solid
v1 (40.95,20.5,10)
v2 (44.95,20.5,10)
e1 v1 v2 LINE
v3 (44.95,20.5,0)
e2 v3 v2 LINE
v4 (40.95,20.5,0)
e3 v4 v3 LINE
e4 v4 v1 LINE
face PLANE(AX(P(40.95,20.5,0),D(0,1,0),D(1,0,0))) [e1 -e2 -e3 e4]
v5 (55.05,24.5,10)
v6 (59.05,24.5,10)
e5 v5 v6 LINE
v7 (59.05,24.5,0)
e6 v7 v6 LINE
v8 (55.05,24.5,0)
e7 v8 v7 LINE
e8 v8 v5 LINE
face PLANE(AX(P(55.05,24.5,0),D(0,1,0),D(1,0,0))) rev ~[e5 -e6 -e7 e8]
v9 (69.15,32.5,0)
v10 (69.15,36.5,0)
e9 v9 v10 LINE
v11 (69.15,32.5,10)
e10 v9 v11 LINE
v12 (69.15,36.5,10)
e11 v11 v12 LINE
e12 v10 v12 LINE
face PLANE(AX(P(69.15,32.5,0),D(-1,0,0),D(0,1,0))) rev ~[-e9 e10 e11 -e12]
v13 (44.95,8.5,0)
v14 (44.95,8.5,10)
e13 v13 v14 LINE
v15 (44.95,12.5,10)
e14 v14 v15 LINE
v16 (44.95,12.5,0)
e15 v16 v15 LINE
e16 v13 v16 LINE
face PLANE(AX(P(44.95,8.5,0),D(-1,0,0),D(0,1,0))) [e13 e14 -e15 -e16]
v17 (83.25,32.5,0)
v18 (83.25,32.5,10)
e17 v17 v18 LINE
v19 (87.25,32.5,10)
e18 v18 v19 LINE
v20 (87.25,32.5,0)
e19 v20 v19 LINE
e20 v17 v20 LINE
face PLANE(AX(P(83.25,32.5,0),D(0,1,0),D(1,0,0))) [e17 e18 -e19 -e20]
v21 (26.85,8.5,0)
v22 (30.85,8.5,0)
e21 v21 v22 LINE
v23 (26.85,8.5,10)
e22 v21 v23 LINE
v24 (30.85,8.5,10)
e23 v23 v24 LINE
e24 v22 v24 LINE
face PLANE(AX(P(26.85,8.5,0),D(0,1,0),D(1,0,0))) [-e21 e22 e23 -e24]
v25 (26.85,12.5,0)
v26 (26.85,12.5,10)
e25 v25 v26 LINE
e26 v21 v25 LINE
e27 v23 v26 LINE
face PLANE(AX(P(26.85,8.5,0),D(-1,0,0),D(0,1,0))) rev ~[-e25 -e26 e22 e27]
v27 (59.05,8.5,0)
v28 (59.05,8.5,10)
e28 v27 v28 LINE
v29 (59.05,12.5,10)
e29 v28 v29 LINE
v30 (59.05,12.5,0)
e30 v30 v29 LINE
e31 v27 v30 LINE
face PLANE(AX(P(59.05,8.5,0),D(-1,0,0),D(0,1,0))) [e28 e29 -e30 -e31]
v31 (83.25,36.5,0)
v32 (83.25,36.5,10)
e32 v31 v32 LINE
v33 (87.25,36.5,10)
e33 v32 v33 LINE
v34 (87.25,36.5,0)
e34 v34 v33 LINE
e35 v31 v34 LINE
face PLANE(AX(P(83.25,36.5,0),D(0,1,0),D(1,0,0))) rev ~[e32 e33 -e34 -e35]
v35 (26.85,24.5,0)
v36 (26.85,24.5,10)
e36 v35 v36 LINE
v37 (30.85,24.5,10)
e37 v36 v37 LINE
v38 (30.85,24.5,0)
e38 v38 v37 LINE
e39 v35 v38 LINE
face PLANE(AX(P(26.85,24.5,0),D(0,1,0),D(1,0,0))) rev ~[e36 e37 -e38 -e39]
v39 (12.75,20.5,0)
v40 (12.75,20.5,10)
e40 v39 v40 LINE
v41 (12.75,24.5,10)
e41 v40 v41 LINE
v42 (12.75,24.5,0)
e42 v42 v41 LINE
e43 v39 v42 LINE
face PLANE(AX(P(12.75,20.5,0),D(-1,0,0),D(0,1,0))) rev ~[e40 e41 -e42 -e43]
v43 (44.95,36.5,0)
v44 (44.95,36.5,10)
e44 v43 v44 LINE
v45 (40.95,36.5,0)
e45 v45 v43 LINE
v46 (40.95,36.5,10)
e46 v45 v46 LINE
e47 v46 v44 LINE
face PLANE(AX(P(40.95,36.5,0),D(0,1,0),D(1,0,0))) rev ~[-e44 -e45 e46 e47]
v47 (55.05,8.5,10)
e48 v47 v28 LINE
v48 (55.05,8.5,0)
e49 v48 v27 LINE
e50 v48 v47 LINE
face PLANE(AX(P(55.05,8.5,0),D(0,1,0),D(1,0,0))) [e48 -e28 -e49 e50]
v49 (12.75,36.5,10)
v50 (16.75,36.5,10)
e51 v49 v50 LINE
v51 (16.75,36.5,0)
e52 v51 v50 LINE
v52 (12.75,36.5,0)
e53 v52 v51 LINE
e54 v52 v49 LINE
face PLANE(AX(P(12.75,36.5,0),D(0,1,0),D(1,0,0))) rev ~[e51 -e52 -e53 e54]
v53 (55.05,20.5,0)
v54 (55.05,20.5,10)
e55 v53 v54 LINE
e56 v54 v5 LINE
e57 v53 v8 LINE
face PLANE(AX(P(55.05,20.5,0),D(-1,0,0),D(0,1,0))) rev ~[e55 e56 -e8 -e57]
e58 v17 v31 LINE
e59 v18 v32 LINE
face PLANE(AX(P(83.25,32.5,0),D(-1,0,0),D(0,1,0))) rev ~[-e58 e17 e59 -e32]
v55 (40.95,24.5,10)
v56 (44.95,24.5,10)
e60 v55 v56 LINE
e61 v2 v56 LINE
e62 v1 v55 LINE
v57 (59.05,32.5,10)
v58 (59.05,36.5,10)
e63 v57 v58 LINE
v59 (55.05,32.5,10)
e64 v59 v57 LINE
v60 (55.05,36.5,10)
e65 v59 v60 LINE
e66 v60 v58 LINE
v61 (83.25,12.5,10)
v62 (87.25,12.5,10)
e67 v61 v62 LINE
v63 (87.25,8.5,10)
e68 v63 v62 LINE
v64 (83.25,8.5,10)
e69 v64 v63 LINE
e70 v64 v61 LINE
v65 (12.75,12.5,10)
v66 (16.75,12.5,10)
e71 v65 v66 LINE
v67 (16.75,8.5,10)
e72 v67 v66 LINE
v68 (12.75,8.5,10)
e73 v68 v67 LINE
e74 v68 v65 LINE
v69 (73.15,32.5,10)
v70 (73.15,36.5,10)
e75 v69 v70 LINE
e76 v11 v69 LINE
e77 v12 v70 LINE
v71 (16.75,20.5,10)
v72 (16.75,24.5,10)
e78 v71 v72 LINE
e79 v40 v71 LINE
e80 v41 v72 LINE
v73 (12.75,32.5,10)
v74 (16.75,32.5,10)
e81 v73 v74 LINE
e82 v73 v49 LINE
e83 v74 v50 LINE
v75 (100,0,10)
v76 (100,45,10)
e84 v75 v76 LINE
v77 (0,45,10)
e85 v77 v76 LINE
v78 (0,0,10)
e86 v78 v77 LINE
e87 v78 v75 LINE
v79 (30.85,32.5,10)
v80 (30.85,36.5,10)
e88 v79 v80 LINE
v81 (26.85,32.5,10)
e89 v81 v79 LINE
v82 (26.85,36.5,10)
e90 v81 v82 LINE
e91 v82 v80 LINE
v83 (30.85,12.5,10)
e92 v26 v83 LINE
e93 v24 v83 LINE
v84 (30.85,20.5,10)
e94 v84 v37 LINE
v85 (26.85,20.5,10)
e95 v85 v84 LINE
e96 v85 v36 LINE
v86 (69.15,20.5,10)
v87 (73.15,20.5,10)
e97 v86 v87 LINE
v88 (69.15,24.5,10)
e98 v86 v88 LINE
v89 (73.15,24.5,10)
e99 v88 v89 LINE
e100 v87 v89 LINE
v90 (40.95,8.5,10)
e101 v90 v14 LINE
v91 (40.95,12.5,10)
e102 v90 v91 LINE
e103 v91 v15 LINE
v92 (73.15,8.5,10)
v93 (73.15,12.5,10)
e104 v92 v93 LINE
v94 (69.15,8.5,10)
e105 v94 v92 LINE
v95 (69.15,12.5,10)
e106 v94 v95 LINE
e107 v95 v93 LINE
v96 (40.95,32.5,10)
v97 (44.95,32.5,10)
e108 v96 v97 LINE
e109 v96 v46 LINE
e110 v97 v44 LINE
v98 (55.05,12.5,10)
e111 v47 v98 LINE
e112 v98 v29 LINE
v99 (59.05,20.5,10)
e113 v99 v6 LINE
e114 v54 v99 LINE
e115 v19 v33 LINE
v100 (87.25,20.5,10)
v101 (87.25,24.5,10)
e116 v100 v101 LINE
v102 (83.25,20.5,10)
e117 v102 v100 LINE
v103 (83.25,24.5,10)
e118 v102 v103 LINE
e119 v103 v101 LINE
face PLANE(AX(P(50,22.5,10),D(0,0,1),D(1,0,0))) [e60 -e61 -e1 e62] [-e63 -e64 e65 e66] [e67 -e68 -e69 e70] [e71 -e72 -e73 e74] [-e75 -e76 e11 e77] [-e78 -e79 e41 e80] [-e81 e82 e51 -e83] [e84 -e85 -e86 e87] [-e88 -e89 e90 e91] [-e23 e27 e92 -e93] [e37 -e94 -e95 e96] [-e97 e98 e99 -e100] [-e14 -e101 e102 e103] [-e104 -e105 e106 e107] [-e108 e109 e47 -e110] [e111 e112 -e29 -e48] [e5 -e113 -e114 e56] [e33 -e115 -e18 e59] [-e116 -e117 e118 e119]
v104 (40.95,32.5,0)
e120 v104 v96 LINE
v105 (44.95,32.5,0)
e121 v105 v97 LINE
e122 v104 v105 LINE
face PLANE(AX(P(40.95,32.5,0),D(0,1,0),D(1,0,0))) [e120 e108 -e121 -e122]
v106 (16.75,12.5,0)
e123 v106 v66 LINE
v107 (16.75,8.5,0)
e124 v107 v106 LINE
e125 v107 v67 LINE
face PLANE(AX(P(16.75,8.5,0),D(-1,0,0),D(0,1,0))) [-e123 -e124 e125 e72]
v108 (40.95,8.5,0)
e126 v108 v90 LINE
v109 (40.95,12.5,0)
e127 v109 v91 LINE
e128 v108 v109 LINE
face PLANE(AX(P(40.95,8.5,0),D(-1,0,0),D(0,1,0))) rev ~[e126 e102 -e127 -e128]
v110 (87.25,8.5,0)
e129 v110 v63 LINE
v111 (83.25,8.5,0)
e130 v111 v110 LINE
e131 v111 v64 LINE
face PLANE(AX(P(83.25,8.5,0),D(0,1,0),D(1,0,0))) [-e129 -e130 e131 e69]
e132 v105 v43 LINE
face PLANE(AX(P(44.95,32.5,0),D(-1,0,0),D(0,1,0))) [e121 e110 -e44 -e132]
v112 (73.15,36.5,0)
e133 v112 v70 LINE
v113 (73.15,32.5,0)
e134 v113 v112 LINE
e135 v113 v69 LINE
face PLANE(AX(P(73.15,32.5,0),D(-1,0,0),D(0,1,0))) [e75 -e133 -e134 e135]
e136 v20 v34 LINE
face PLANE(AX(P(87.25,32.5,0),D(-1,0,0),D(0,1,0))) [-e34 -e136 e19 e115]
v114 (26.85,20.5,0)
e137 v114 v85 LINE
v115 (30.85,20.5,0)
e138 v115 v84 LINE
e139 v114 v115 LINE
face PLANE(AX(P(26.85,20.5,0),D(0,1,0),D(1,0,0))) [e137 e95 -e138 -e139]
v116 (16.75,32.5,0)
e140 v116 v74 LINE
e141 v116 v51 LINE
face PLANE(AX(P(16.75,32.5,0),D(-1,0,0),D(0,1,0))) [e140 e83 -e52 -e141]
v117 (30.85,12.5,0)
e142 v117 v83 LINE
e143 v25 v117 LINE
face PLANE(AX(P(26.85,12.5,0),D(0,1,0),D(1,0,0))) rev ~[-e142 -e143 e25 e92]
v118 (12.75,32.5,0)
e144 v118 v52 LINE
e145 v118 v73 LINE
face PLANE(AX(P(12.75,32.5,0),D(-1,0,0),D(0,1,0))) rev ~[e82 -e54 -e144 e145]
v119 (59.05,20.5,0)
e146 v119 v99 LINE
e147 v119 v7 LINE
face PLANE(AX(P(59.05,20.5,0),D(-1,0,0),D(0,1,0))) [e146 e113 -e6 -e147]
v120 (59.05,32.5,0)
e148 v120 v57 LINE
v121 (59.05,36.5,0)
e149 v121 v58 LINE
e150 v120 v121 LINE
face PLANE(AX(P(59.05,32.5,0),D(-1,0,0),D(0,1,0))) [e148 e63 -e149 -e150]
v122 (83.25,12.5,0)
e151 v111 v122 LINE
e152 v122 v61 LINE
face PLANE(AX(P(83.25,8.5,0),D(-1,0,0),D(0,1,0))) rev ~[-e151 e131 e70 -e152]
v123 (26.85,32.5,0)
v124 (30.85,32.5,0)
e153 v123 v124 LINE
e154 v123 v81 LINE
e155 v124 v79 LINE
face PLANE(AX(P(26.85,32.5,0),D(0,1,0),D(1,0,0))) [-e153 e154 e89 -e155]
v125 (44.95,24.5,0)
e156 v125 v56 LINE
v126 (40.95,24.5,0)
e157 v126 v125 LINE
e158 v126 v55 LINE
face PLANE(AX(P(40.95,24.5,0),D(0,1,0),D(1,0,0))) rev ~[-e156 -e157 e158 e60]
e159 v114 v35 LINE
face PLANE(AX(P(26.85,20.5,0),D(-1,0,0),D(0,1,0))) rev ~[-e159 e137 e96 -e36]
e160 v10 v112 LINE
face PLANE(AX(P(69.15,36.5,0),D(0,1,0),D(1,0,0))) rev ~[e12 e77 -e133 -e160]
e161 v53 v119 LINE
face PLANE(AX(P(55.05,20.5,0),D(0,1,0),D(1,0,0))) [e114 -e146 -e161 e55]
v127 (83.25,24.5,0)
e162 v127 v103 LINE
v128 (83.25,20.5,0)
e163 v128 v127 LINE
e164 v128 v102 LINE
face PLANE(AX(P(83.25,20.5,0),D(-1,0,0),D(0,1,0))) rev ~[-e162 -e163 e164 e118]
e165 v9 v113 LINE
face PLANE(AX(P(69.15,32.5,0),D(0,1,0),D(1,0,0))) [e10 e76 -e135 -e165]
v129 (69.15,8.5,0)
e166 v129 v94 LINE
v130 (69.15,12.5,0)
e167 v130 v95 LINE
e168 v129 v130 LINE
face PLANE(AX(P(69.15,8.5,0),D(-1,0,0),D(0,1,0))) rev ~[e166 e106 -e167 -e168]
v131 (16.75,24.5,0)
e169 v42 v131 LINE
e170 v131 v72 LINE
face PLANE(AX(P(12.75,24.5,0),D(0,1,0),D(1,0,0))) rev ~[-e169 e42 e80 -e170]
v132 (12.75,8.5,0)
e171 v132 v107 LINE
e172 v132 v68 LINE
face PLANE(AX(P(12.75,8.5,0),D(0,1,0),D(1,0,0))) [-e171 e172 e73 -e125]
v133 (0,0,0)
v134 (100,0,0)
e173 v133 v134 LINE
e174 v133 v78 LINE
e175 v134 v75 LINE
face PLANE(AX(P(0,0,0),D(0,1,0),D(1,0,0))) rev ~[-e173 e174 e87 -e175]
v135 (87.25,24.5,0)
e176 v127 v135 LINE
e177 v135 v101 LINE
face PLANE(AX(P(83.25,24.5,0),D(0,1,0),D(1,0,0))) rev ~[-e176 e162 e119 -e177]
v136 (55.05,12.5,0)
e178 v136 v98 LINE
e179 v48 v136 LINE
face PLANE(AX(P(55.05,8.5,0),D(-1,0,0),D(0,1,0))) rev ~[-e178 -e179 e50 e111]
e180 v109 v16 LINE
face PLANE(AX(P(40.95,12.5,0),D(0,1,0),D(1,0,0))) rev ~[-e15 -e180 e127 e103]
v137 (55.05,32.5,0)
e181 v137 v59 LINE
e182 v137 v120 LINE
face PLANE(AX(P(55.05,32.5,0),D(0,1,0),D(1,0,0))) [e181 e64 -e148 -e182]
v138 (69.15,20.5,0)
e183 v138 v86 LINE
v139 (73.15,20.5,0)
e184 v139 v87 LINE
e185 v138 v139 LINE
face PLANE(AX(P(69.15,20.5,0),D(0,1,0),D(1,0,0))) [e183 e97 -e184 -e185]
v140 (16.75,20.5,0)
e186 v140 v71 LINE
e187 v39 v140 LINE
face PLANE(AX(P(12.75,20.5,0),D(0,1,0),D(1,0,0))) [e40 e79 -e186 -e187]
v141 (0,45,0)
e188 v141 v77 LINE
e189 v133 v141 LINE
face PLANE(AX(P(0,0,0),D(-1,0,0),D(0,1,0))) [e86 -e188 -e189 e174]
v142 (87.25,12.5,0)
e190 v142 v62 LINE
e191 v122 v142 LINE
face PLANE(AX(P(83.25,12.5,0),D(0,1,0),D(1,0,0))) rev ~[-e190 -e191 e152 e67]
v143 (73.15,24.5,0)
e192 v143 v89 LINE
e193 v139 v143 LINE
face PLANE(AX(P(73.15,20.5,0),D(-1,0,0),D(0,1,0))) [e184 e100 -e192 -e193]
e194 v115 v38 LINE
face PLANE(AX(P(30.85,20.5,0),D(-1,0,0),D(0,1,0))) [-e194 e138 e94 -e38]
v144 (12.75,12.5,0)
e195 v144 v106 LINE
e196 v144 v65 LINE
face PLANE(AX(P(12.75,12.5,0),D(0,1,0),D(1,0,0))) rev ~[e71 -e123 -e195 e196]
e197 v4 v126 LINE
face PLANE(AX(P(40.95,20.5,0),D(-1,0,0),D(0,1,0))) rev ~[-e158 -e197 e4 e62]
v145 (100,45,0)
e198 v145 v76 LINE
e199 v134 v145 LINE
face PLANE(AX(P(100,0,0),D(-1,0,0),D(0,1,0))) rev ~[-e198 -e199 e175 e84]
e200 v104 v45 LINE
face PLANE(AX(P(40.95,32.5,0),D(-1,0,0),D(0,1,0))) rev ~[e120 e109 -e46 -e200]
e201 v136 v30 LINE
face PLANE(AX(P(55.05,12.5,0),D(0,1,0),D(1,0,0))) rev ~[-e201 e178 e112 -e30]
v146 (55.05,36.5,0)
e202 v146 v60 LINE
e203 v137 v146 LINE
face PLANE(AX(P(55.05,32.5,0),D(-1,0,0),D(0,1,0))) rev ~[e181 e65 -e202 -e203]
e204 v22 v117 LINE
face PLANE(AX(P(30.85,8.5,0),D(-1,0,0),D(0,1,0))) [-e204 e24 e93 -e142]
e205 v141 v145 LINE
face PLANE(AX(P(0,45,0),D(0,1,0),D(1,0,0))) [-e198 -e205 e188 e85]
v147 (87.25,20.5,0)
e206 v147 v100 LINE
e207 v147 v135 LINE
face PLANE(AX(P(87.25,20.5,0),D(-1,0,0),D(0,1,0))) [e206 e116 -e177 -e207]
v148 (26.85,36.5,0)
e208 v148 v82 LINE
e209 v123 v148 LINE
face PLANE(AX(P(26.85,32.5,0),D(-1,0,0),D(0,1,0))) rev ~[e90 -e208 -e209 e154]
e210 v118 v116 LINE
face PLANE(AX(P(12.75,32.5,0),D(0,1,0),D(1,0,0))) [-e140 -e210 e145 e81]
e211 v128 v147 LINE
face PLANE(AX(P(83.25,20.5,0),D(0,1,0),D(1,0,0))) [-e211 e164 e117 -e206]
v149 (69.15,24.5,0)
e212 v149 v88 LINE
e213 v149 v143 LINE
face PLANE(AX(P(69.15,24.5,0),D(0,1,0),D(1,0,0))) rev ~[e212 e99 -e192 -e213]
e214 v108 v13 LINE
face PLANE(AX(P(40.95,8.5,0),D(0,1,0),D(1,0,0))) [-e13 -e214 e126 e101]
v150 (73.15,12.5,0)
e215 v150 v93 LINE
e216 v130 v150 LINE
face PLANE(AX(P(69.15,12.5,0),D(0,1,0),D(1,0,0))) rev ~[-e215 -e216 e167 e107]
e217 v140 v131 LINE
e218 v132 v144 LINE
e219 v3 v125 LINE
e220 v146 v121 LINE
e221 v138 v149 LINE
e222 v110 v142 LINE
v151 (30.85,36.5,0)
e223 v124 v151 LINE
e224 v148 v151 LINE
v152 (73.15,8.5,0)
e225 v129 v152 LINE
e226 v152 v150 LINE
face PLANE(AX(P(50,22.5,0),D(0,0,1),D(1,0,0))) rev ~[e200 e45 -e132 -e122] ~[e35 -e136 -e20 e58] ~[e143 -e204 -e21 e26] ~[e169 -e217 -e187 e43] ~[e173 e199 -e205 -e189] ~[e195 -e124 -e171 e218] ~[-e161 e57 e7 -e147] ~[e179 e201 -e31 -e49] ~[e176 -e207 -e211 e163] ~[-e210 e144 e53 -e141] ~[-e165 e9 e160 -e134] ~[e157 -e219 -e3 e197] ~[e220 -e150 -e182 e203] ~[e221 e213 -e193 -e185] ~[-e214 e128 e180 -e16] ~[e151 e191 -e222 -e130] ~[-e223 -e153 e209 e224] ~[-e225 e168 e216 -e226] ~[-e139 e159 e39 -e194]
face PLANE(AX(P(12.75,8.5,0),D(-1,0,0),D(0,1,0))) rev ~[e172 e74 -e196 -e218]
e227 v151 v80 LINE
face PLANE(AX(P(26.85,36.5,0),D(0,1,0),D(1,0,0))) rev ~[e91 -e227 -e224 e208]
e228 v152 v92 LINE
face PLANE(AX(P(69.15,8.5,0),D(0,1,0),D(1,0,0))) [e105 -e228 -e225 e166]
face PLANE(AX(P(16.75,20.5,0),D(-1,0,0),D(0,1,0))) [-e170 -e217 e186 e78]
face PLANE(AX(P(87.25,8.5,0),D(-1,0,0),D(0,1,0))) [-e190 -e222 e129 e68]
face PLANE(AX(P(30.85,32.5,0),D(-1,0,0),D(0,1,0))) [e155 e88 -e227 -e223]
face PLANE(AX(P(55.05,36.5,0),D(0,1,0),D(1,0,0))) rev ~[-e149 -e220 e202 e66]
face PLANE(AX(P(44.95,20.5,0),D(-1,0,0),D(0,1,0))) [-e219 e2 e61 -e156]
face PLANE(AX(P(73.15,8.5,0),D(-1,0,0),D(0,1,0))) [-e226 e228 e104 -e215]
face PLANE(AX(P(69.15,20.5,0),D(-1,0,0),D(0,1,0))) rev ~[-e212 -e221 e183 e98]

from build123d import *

# Parameters (mm, degrees)
F0_W     = 100
F0_H     = 45
F0_W_2   = 4
F0_H_2   = 4
F1_DEPTH = 10


with BuildPart() as f1:
    # F0 (on Top) → F1 (new body)
    with BuildSketch(Plane.XY):
        with Locations((50, 22.5)):
            Rectangle(F0_W, F0_H)
        with Locations((14.75, 10.5)):
            Rectangle(F0_W_2, F0_H_2, mode=Mode.SUBTRACT)
        with Locations((28.85, 10.5)):
            Rectangle(F0_W_2, F0_H_2, mode=Mode.SUBTRACT)
        with Locations((42.95, 10.5)):
            Rectangle(F0_W_2, F0_H_2, mode=Mode.SUBTRACT)
        with Locations((57.05, 10.5)):
            Rectangle(F0_W_2, F0_H_2, mode=Mode.SUBTRACT)
        with Locations((71.15, 10.5)):
            Rectangle(F0_W_2, F0_H_2, mode=Mode.SUBTRACT)
        with Locations((85.25, 10.5)):
            Rectangle(F0_W_2, F0_H_2, mode=Mode.SUBTRACT)
        with Locations((14.75, 22.5)):
            Rectangle(F0_W_2, F0_H_2, mode=Mode.SUBTRACT)
        with Locations((28.85, 22.5)):
            Rectangle(F0_W_2, F0_H_2, mode=Mode.SUBTRACT)
        with Locations((42.95, 22.5)):
            Rectangle(F0_W_2, F0_H_2, mode=Mode.SUBTRACT)
        with Locations((14.75, 34.5)):
            Rectangle(F0_W_2, F0_H_2, mode=Mode.SUBTRACT)
        with Locations((28.85, 34.5)):
            Rectangle(F0_W_2, F0_H_2, mode=Mode.SUBTRACT)
        with Locations((42.95, 34.5)):
            Rectangle(F0_W_2, F0_H_2, mode=Mode.SUBTRACT)
        with Locations((57.05, 22.5)):
            Rectangle(F0_W_2, F0_H_2, mode=Mode.SUBTRACT)
        with Locations((71.15, 22.5)):
            Rectangle(F0_W_2, F0_H_2, mode=Mode.SUBTRACT)
        with Locations((85.25, 22.5)):
            Rectangle(F0_W_2, F0_H_2, mode=Mode.SUBTRACT)
        with Locations((57.05, 34.5)):
            Rectangle(F0_W_2, F0_H_2, mode=Mode.SUBTRACT)
        with Locations((71.15, 34.5)):
            Rectangle(F0_W_2, F0_H_2, mode=Mode.SUBTRACT)
        with Locations((85.25, 34.5)):
            Rectangle(F0_W_2, F0_H_2, mode=Mode.SUBTRACT)
    extrude(amount=F1_DEPTH)


solid = f1.part
